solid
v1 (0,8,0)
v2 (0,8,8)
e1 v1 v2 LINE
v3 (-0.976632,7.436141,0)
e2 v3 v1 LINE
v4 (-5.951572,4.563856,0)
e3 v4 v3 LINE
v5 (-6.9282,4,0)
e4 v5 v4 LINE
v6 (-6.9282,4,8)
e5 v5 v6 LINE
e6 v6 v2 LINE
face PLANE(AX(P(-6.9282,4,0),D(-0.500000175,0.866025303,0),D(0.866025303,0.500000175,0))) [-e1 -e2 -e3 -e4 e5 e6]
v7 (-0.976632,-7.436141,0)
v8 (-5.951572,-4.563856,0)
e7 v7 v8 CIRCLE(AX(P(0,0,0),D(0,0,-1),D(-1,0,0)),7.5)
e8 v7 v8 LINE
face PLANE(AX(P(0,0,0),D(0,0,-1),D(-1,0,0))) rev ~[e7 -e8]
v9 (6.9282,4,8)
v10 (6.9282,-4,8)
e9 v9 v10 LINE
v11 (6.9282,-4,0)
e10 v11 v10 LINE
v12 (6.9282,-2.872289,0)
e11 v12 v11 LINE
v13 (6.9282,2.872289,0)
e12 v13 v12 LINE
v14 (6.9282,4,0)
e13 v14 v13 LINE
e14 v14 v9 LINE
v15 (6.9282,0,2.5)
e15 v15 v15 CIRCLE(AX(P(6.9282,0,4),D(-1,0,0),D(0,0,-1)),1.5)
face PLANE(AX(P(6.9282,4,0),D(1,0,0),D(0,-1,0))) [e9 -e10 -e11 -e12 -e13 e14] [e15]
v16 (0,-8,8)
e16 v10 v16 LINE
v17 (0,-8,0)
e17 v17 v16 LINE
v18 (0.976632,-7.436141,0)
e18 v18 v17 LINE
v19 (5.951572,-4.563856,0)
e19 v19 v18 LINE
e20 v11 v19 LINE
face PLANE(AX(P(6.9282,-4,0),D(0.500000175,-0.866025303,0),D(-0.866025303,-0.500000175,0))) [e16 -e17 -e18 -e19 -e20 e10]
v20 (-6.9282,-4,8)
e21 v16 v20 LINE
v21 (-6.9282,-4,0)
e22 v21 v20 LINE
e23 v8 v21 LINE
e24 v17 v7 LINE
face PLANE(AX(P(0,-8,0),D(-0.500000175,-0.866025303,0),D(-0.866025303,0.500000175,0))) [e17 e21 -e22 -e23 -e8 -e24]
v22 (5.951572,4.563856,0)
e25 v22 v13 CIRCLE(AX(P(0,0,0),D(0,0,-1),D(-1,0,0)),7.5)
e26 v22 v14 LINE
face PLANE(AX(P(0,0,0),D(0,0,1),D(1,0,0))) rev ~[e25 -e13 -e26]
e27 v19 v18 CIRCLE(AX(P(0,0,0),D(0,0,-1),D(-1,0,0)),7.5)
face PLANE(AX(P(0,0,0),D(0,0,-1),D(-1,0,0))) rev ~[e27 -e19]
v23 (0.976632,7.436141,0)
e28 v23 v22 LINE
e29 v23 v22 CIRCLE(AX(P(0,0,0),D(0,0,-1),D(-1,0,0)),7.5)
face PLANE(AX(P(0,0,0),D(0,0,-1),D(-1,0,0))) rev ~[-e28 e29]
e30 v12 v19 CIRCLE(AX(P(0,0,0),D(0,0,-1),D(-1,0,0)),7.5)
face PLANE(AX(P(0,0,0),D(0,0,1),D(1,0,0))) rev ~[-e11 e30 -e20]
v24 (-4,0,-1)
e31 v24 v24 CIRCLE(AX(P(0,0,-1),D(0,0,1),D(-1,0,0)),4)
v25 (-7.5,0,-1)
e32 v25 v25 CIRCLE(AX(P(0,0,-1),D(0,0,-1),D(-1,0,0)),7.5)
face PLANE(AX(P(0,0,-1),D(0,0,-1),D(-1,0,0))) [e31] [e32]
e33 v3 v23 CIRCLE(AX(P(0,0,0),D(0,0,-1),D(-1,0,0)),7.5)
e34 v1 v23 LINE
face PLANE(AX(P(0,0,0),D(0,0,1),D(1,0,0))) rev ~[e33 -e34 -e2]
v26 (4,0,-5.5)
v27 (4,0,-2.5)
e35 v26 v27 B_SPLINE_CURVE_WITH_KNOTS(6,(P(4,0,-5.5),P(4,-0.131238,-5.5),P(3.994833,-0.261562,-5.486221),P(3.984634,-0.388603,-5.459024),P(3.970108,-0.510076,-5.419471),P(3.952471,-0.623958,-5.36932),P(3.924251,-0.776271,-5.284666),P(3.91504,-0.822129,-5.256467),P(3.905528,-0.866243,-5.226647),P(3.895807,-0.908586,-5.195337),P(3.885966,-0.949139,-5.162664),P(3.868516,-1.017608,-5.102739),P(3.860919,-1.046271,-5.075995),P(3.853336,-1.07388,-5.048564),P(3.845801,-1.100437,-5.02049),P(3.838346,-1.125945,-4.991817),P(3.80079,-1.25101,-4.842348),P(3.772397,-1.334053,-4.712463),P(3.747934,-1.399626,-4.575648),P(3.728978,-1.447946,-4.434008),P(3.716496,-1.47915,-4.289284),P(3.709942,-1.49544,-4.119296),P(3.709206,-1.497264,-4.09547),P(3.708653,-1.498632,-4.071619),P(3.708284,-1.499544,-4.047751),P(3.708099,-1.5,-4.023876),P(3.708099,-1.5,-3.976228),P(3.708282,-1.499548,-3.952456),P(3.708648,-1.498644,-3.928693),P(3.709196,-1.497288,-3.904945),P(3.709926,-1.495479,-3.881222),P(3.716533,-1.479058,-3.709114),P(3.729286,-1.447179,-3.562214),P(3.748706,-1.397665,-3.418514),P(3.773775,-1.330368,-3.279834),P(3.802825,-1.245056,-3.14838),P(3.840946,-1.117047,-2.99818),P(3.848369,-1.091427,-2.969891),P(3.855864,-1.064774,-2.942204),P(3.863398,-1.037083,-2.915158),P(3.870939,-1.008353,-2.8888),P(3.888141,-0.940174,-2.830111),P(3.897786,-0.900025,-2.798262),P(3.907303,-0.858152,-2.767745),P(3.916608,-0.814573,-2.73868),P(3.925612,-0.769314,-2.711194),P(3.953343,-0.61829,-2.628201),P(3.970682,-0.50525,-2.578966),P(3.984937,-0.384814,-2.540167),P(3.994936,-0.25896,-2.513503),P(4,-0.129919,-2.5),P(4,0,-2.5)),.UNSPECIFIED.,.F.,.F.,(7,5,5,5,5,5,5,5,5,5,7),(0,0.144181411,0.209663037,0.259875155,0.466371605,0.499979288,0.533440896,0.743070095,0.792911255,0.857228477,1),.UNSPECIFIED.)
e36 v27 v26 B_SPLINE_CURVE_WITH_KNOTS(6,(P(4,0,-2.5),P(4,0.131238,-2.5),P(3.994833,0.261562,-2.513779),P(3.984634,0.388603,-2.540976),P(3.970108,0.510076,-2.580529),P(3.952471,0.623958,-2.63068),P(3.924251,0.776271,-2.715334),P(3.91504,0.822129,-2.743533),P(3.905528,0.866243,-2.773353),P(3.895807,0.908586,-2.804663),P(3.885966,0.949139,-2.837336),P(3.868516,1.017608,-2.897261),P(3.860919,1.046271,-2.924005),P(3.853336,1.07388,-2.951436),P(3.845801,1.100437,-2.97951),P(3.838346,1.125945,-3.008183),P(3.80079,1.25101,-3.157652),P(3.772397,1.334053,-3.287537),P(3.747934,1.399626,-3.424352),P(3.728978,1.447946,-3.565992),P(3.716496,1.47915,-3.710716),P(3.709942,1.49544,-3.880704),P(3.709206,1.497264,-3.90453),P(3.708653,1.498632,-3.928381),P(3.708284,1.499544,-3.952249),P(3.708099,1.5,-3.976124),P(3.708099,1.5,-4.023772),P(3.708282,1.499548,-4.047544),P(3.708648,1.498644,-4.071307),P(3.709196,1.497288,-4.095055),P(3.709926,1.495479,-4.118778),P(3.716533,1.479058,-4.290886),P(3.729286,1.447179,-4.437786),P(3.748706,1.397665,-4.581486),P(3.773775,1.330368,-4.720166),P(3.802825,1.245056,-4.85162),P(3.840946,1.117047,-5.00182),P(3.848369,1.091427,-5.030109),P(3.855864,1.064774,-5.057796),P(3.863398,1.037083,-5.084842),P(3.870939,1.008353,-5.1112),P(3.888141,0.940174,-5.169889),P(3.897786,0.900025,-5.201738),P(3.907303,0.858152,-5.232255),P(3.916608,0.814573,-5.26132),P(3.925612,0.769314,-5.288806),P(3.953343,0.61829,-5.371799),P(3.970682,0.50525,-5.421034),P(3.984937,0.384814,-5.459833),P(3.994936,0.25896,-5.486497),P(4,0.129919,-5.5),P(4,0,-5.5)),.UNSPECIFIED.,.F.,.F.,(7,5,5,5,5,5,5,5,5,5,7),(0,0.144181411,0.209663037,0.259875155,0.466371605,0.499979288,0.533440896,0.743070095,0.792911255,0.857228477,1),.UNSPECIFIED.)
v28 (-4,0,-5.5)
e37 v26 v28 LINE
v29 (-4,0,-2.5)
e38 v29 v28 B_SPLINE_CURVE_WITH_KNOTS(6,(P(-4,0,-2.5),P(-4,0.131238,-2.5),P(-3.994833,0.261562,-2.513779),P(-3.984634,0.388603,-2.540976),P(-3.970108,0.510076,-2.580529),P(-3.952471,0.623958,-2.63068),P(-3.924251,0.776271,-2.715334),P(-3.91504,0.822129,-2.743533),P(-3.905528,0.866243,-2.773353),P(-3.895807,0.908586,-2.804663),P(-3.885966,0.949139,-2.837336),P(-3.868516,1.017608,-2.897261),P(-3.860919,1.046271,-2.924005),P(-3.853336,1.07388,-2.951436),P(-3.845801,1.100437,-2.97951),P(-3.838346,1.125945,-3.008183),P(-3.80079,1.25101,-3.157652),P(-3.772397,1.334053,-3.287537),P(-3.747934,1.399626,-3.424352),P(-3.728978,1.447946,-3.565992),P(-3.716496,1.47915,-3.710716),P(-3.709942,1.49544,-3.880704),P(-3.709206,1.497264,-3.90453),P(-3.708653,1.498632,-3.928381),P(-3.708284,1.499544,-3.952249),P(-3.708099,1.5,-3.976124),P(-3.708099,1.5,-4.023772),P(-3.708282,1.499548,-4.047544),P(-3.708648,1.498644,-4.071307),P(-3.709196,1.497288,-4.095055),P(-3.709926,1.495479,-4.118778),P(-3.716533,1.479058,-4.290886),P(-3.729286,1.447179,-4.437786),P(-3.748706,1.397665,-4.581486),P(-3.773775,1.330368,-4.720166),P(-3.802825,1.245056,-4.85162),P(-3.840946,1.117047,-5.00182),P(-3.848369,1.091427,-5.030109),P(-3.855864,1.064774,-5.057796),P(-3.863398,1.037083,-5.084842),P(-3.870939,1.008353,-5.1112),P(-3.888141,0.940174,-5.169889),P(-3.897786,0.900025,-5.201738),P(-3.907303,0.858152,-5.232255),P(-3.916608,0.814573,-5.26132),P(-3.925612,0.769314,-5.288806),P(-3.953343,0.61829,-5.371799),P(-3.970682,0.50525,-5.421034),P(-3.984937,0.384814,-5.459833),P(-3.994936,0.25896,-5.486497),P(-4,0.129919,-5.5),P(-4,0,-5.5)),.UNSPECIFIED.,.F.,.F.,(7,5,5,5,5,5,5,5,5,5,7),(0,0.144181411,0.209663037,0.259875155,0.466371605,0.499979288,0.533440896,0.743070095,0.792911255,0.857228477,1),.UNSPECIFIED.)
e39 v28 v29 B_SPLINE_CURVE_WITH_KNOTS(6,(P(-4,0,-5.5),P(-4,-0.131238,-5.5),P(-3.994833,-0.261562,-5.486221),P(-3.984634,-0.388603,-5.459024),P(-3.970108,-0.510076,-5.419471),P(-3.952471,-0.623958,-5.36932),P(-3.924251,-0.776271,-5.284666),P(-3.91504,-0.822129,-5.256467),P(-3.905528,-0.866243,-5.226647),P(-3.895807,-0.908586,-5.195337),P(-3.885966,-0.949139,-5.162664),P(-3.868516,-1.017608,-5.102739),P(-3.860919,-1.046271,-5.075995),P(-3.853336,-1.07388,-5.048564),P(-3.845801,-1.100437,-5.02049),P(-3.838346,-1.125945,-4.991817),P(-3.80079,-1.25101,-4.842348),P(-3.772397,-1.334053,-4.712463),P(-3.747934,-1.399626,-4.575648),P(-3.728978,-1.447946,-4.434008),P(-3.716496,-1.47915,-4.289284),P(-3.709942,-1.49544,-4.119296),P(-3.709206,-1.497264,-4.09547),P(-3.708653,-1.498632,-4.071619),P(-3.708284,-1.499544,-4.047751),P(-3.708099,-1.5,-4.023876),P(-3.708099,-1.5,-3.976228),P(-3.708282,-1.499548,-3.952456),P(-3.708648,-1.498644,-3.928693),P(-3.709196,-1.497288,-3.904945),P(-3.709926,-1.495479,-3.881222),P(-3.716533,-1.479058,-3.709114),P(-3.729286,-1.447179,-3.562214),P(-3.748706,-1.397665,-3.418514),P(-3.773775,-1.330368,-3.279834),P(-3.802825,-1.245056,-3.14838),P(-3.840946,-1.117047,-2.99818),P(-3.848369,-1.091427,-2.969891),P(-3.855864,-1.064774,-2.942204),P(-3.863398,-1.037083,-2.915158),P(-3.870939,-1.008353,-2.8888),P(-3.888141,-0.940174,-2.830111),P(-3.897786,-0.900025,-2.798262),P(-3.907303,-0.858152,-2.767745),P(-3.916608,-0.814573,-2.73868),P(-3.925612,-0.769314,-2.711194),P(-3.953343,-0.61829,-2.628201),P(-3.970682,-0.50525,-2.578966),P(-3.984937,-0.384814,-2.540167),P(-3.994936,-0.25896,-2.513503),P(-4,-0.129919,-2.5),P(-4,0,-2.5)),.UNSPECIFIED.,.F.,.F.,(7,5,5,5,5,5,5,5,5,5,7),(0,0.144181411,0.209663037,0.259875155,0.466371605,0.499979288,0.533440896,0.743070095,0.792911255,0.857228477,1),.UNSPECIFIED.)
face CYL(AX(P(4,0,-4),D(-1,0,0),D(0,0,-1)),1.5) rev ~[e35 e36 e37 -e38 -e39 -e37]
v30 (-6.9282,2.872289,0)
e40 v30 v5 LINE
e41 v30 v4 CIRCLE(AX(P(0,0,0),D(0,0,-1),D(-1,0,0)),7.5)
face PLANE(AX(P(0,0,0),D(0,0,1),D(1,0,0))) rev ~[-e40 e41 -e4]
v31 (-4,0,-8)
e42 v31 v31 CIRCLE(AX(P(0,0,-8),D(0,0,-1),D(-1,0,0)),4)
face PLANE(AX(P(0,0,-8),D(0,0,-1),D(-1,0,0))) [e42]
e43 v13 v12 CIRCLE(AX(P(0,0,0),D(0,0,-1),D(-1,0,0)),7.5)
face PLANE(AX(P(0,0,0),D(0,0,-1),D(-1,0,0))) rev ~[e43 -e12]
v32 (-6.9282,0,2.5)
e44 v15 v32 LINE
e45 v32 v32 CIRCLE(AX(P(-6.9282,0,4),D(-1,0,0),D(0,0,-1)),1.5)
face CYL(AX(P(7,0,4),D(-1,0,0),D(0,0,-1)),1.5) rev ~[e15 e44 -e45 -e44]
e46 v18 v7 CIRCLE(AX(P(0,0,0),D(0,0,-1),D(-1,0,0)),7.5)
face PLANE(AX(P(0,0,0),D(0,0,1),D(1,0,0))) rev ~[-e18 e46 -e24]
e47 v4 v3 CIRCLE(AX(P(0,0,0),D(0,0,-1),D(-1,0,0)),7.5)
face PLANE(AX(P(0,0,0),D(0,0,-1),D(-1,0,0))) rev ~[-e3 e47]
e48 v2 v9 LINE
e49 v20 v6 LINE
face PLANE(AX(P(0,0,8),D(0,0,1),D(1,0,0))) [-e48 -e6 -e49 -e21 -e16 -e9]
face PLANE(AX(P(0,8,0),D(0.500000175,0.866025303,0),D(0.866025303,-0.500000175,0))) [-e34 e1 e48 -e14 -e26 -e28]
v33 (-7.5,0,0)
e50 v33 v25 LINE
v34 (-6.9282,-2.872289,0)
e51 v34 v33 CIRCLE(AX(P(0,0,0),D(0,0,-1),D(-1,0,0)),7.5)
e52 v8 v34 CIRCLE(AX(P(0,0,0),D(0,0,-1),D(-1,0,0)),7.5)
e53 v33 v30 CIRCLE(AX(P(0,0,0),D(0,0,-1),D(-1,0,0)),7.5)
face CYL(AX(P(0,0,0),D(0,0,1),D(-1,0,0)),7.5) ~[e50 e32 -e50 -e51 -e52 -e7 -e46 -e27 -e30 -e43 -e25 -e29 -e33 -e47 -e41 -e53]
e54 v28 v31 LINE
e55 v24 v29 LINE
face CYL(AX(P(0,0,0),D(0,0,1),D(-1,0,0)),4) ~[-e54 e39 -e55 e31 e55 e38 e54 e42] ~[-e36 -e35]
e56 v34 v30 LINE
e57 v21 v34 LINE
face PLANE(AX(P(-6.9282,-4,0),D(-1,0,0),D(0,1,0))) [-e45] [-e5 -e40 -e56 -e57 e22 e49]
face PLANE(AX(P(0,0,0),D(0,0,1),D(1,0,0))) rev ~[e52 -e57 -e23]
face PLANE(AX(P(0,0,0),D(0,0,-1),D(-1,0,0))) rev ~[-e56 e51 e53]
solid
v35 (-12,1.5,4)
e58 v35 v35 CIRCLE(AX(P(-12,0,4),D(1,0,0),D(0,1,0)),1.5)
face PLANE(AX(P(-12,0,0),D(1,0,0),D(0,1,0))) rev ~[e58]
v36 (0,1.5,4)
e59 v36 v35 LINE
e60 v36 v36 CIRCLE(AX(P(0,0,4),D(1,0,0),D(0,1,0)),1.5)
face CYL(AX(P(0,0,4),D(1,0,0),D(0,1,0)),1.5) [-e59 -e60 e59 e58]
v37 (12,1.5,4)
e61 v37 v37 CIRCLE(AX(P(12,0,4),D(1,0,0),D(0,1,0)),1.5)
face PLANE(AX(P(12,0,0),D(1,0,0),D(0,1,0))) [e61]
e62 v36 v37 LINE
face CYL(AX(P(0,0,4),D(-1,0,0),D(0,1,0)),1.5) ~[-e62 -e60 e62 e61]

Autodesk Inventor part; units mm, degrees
sketch "Sketch1" plane through (0, 0, 0) normal (0, 0, 1) x (1, 0, 0)
  line L0 (0, 8) -> (6.9282, 4)
  line L1 (6.9282, 4) -> (6.9282, -4)
  line L2 (6.9282, -4) -> (0, -8)
  line L3 (0, -8) -> (-6.9282, -4)
  line L4 (-6.9282, -4) -> (-6.9282, 4)
  line L5 (-6.9282, 4) -> (0, 8)
  point P0 (0, 0)
  point P1 (0, 0)
  point P2 (-6.9282, 0)
  dimension "d0" = 16
extrude "Extrusion1" add sketch "Sketch1" along normal blind 8
sketch "Sketch2" plane through (0, 0, 0) normal (0, 0, -1) x (-1, 0, 0)
  circle A0 centre (0, 0) radius 4
  dimension "d3" = 8
extrude "Extrusion2" add sketch "Sketch2" along normal blind 8
sketch "Sketch3" plane through (0, 0, 0) normal (0, 0, -1) x (-1, 0, 0)
  circle A0 centre (0, 0) radius 7.5
  dimension "d6" = 15
extrude "Extrusion3" add sketch "Sketch3" along normal blind 1
thread "Thread1" size "M8x1.25" class "6g" standard "ISO Metric profile" length 9.5
ref_plane "Work Plane1" through (7, 0, 0) normal (1, 0, 0) x (0, 1, 0)
sketch "Sketch4" plane through (7, 0, 0) normal (1, 0, 0) x (0, 1, 0)
  line L0 (-4, 8) -> (4, 8) projected
  line L1 (-2.8723, 0) -> (2.8723, 0) projected
  point P0 (0, 0)
  point P1 (0, 4)
  point P2 (0, 0)
  dimension "d12" = 4
hole "Hole1" at (7, 0, 4) direction (-1, 0, 0) diameter 3 end through all
ref_plane "Work Plane2" through (4, 0, 0) normal (1, 0, 0) x (0, 1, 0)
sketch "Sketch5" plane through (4, 0, 0) normal (1, 0, 0) x (0, 1, 0)
  line L0 (-2.8723, 0) -> (2.8723, 0) projected
  line L1 (-7.5, -1) -> (7.5, -1) projected
  point P0 (0, 0)
  point P1 (0, -4)
  point P2 (0, 0)
  dimension "d21" = 3
hole "Hole2" at (4, 0, -4) direction (-1, 0, 0) diameter 3 end through all
ref_plane "Work Plane3" through (0, 0, 0) normal (1, 0, 0) x (0, 1, 0)
sketch "Sketch6" plane through (0, 0, 0) normal (1, 0, 0) x (0, 1, 0)
  circle A0 centre (0, 4) radius 1.5 projected
  point P0 (0, 0)
extrude "Extrusion4" add sketch "Sketch6" along normal mid plane 24 separate body
properties part number "123 cap"
